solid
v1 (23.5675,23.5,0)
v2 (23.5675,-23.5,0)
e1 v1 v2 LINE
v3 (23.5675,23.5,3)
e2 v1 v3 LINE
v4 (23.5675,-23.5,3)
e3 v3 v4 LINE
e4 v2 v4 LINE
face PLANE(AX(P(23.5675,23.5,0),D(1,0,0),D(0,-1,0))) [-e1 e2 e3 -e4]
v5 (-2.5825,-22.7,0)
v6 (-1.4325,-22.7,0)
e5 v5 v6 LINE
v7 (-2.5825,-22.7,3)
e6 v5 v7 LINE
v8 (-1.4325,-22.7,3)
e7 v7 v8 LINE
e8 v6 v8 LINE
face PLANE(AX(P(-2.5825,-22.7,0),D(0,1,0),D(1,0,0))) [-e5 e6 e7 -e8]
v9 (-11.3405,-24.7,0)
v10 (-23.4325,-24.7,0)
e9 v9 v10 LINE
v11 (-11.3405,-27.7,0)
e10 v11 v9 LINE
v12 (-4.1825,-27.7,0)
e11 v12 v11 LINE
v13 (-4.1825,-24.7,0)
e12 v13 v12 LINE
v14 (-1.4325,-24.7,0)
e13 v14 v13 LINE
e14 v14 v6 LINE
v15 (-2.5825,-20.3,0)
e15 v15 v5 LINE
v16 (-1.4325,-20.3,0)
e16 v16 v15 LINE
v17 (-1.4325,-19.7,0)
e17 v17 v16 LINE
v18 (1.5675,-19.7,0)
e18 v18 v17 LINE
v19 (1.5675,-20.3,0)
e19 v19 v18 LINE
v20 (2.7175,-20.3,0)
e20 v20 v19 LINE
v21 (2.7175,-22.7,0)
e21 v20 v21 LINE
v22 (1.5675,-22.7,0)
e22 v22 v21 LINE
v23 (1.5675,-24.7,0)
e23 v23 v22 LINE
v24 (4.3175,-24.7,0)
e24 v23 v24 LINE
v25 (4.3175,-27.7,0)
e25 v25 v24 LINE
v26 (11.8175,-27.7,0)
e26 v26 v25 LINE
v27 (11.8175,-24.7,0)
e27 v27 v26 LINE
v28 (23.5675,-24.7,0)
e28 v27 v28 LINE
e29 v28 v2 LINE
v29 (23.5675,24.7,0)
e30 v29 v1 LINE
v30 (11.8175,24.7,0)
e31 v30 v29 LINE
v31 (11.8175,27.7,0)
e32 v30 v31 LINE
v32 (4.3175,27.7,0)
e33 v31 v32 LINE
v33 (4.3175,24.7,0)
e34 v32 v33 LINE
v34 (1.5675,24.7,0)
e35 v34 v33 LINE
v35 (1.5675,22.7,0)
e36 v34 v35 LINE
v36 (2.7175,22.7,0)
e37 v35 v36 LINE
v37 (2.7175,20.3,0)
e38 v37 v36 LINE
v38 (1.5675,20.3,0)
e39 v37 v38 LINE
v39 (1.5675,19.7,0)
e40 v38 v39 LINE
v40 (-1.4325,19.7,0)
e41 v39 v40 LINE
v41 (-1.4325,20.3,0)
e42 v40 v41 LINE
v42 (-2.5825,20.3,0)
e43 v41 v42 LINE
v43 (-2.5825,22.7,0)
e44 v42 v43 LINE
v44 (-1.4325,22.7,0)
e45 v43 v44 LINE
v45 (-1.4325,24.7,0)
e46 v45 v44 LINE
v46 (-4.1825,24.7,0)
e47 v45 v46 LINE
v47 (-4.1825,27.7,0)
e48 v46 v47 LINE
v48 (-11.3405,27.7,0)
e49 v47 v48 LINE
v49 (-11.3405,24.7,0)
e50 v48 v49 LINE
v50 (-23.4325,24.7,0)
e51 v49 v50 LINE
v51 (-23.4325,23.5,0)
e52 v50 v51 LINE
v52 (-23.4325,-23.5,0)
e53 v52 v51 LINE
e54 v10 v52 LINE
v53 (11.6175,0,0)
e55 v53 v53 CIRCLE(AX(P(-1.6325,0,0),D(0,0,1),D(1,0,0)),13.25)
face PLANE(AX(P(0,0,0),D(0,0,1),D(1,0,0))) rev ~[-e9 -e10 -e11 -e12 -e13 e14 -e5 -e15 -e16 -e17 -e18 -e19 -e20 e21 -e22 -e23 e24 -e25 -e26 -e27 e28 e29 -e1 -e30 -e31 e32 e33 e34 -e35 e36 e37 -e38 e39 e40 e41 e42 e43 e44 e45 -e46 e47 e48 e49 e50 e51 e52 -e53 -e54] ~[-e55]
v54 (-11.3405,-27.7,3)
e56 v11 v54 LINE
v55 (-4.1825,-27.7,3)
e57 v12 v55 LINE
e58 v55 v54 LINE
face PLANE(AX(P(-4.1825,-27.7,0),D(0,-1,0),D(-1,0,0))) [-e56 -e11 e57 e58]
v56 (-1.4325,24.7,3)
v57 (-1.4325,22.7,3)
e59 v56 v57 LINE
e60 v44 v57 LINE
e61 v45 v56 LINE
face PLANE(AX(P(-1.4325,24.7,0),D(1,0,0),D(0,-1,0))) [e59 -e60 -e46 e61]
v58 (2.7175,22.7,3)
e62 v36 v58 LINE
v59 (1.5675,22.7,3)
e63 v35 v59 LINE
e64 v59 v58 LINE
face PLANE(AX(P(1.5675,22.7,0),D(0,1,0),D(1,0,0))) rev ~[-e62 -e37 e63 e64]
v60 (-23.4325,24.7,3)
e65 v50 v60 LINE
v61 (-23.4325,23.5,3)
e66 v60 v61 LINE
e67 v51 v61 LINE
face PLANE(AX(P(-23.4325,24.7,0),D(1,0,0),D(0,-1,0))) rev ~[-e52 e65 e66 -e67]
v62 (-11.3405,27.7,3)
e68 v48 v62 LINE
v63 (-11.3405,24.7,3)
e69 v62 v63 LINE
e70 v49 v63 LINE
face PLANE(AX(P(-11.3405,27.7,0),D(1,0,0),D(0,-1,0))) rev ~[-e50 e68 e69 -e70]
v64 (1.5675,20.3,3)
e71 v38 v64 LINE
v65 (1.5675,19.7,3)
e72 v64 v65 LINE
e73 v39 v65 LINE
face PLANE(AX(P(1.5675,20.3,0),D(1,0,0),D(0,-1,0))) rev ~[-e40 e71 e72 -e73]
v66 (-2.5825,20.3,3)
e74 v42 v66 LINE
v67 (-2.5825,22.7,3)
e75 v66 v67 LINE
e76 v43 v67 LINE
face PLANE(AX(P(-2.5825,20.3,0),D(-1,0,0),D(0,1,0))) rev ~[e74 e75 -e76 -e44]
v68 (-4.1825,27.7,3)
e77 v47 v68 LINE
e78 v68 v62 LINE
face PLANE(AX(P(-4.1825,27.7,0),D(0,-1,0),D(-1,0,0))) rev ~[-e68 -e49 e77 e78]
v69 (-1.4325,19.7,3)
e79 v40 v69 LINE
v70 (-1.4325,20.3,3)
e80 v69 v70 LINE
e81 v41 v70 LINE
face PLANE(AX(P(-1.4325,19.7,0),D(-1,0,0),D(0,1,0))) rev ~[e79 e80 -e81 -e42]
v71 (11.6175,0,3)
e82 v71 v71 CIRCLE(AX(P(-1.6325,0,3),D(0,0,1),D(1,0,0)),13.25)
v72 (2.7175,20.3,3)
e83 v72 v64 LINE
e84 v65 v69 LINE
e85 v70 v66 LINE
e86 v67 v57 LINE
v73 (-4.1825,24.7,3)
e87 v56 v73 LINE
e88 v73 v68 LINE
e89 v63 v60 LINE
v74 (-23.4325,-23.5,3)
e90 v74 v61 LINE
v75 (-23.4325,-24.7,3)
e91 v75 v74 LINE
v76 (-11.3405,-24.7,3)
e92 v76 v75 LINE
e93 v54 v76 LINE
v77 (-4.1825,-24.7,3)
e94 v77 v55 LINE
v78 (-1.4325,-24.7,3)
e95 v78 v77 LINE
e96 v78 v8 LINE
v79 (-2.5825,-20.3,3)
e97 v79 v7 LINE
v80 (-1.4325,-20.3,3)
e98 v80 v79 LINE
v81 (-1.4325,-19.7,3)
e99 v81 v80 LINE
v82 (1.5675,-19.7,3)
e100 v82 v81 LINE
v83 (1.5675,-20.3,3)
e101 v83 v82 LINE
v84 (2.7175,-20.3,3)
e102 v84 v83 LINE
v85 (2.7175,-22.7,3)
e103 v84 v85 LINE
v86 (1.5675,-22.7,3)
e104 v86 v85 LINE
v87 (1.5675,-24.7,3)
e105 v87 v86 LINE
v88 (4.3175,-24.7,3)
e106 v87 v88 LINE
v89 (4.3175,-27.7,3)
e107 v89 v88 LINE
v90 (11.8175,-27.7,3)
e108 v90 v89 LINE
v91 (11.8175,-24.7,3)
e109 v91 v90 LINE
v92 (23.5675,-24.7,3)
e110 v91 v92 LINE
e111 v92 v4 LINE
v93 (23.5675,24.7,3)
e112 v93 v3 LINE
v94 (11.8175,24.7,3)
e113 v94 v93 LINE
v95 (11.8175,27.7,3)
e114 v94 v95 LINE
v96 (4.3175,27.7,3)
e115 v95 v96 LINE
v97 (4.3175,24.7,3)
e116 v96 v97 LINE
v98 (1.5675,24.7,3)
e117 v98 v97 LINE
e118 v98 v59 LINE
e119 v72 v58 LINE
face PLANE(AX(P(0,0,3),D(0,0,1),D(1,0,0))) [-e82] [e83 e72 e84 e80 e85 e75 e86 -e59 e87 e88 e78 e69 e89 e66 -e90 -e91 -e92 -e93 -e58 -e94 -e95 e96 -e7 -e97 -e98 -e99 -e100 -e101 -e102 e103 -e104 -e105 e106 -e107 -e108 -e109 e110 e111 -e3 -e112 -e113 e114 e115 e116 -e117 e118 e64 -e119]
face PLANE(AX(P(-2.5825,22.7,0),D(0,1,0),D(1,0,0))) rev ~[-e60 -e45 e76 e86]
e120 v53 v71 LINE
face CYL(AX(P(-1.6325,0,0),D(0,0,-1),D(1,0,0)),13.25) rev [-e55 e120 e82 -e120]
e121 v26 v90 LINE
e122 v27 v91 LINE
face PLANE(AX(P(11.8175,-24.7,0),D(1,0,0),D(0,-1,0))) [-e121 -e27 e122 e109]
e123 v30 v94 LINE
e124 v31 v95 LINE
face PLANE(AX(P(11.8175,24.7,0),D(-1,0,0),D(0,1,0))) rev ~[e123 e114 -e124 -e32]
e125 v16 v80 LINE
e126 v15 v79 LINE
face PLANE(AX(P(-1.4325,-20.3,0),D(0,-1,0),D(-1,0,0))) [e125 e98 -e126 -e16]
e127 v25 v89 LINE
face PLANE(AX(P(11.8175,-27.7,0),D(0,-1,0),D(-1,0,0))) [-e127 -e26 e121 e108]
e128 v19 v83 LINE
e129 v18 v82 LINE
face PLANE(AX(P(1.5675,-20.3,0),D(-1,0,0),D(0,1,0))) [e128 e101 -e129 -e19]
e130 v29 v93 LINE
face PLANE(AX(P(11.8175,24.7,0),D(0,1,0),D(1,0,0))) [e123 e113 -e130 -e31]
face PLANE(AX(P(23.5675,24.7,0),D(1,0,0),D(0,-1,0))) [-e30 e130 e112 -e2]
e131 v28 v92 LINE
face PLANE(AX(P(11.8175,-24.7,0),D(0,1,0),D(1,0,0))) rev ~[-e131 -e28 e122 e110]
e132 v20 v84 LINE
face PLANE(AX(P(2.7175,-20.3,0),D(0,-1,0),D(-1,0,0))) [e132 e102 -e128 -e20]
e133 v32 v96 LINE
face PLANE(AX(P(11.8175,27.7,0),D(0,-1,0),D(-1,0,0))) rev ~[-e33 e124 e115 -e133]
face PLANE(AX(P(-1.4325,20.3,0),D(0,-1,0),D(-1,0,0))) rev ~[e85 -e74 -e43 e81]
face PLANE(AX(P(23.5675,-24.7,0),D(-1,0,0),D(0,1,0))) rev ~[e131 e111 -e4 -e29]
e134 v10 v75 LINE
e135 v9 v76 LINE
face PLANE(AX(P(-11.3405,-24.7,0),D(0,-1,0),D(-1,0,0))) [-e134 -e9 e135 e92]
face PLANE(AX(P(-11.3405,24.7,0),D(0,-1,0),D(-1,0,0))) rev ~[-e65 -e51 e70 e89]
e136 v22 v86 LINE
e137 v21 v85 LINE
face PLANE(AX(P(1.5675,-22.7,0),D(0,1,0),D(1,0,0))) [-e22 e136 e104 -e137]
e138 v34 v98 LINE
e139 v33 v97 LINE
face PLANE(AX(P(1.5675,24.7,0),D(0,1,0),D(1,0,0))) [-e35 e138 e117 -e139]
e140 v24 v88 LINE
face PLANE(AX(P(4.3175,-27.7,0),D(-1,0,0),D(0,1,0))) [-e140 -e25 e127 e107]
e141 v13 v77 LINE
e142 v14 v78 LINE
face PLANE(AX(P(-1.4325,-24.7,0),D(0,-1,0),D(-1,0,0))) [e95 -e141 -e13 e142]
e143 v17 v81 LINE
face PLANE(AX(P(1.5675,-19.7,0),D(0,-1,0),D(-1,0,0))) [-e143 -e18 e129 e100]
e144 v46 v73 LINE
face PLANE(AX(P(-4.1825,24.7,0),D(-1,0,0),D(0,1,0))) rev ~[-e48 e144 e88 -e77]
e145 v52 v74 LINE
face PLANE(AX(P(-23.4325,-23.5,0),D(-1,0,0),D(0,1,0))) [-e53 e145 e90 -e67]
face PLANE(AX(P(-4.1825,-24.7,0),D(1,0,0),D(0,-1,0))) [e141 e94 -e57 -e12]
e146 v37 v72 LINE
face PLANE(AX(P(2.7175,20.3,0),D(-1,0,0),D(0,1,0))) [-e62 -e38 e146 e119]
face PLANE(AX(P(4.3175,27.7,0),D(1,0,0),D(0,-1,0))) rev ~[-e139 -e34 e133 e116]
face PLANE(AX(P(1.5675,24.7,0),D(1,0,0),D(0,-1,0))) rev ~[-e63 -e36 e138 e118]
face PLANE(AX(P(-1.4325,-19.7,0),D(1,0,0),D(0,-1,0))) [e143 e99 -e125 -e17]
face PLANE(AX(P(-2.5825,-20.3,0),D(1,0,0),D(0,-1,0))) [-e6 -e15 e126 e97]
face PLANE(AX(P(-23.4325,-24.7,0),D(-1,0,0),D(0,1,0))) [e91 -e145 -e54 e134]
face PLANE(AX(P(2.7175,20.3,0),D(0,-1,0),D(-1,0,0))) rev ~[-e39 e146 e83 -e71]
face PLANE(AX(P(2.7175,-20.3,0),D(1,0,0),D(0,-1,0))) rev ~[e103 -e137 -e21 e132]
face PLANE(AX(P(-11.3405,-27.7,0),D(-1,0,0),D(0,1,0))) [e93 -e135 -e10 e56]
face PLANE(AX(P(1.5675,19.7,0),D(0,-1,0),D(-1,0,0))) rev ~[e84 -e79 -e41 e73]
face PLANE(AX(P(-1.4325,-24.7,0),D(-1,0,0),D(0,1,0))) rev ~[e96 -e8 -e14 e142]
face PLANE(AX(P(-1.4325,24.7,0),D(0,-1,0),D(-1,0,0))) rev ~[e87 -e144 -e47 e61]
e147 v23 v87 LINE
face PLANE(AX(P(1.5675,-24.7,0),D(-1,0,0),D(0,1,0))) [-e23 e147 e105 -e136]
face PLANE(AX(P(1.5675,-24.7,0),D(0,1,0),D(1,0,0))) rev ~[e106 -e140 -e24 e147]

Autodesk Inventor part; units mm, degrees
ref_plane "YZ Plane" through (0, 0, 0) normal (1, 0, 0) x (0, 1, 0)
ref_plane "XZ Plane" through (0, 0, 0) normal (0, 1, 0) x (-1, 0, 0)
ref_plane "XY Plane" through (0, 0, 0) normal (0, 0, 1) x (1, 0, 0)
sketch "Sketch1" plane through (0, 0, 0) normal (0, 0, 1) x (1, 0, 0)
  circle A0 centre (-1.6325, 0) radius 5.15 construction
  circle A1 centre (-1.6325, 0) radius 13.25 projected
  line L0 (10.9595, -23.5) -> (10.9595, 23.5) construction
  line L1 (-21.7072, 23.5) -> (-21.7072, -23.5) construction
  line L2 (11.8175, -24.7) -> (11.8175, -27.7)
  line L3 (11.8175, -27.7) -> (4.3175, -27.7)
  circle A2 centre (-1.6325, 0) radius 13.25 construction
  line L4 (-5.8325, -4.2) -> (-5.8325, 4.2) construction
  line L5 (-5.8325, 4.2) -> (12.0675, 4.2) construction
  line L6 (12.0675, 4.2) -> (12.0675, -4.2) construction
  line L7 (12.0675, -4.2) -> (-5.8325, -4.2) construction
  circle A3 centre (-17.9325, 18) radius 2.75 construction
  circle A4 centre (18.0675, 18) radius 2.75 construction
  circle A5 centre (-17.9325, -18) radius 2.75 construction
  circle A6 centre (18.0675, -18) radius 2.75 construction
  circle A7 centre (10.0175, 10.5) radius 2 construction
  circle A8 centre (-2.4825, 10.5) radius 2 construction
  circle A9 centre (-2.4825, -10.5) radius 2 construction
  circle A10 centre (10.0175, -10.5) radius 2 construction
  line L8 (-23.4325, 23.5) -> (-23.4325, -23.5) construction
  line L9 (23.5675, -23.5) -> (23.5675, 23.5) construction
  line L10 (23.5675, 23.5) -> (-23.4325, 23.5) construction
  line L11 (4.3175, -27.7) -> (4.3175, -24.7)
  line L12 (1.5675, -24.7) -> (1.5675, -22.7)
  line L13 (1.5675, -22.7) -> (2.7175, -22.7)
  line L14 (2.7175, -20.3) -> (2.7175, -22.7)
  line L15 (2.7175, -20.3) -> (1.5675, -20.3)
  line L16 (1.5675, -20.3) -> (1.5675, -19.7)
  line L17 (1.5675, -19.7) -> (-1.4325, -19.7)
  line L18 (-1.4325, -19.7) -> (-1.4325, -20.3)
  line L19 (-1.4325, -20.3) -> (-2.5825, -20.3)
  line L20 (-2.5825, -20.3) -> (-2.5825, -22.7)
  line L21 (-2.5825, -22.7) -> (-1.4325, -22.7)
  line L22 (-1.4325, -24.7) -> (-1.4325, -22.7)
  line L23 (-4.1825, -24.7) -> (-4.1825, -27.7)
  line L24 (0.0675, -17.369) -> (0.0675, -28.5133) construction
  line L25 (-4.1825, -27.7) -> (-11.3405, -27.7)
  line L26 (4.3175, -27.7) -> (-4.1825, -27.7) construction
  line L27 (1.5675, -24.7) -> (4.3175, -24.7)
  line L28 (-1.4325, -24.7) -> (-4.1825, -24.7)
  line L29 (-4.1825, -24.7) -> (-1.4325, -24.7)
  line L30 (-32.8325, 0) -> (32.9675, 0) construction
  line L31 (11.8175, -24.7) -> (23.5675, -24.7)
  line L32 (1.5675, -24.7) -> (4.3175, -24.7)
  line L33 (-11.3405, -27.7) -> (-11.3405, -24.7)
  line L34 (-11.3405, -24.7) -> (-23.4325, -24.7)
  line L35 (-23.4325, -24.7) -> (-23.4325, -23.5)
  line L36 (23.5675, -24.7) -> (23.5675, -23.5)
  line L37 (10.9595, 23.5) -> (10.9595, -23.5) construction
  line L38 (-21.7072, -23.5) -> (-21.7072, 23.5) construction
  line L39 (11.8175, 24.7) -> (11.8175, 27.7)
  line L40 (11.8175, 27.7) -> (4.3175, 27.7)
  circle A11 centre (-17.9325, 18) radius 2.75 construction
  circle A12 centre (18.0675, 18) radius 2.75 construction
  line L41 (4.3175, 27.7) -> (4.3175, 24.7)
  line L42 (1.5675, 24.7) -> (1.5675, 22.7)
  line L43 (1.5675, 22.7) -> (2.7175, 22.7)
  line L44 (2.7175, 20.3) -> (2.7175, 22.7)
  line L45 (2.7175, 20.3) -> (1.5675, 20.3)
  line L46 (1.5675, 20.3) -> (1.5675, 19.7)
  line L47 (1.5675, 19.7) -> (-1.4325, 19.7)
  line L48 (-1.4325, 19.7) -> (-1.4325, 20.3)
  line L49 (-1.4325, 20.3) -> (-2.5825, 20.3)
  line L50 (-2.5825, 20.3) -> (-2.5825, 22.7)
  line L51 (-2.5825, 22.7) -> (-1.4325, 22.7)
  line L52 (-1.4325, 24.7) -> (-1.4325, 22.7)
  line L53 (-4.1825, 24.7) -> (-4.1825, 27.7)
  line L54 (0.0675, 17.369) -> (0.0675, 28.5133) construction
  line L55 (-4.1825, 27.7) -> (-11.3405, 27.7)
  line L56 (4.3175, 27.7) -> (-4.1825, 27.7) construction
  line L57 (1.5675, 24.7) -> (4.3175, 24.7)
  line L58 (-1.4325, 24.7) -> (-4.1825, 24.7)
  line L59 (-4.1825, 24.7) -> (-1.4325, 24.7)
  line L60 (11.8175, 24.7) -> (23.5675, 24.7)
  line L61 (1.5675, 24.7) -> (4.3175, 24.7)
  line L62 (-11.3405, 27.7) -> (-11.3405, 24.7)
  line L63 (-11.3405, 24.7) -> (-23.4325, 24.7)
  line L64 (-23.4325, 24.7) -> (-23.4325, 23.5)
  line L65 (23.5675, 24.7) -> (23.5675, 23.5)
  line L66 (23.5675, 23.5) -> (23.5675, -23.5)
  line L67 (-23.4325, -23.5) -> (-23.4325, 23.5)
  point P0 (0, 0)
  dimension "d11" = 47
  dimension "d12" = 11.75
  dimension "d18" = 3
  dimension "d19" = 5.3
  dimension "d20" = 2.4
  dimension "d21" = 5
  dimension "d22" = 8
  dimension "d23" = 7.5
  dimension "d24" = 3
  dimension "d25" = 4.2
  dimension "d26" = 8.5
  dimension "d27" = 23.158
extrude "Extrusion1" add sketch "Sketch1" along normal blind 3
equation "\"d12\" = 0.25 * d11"
